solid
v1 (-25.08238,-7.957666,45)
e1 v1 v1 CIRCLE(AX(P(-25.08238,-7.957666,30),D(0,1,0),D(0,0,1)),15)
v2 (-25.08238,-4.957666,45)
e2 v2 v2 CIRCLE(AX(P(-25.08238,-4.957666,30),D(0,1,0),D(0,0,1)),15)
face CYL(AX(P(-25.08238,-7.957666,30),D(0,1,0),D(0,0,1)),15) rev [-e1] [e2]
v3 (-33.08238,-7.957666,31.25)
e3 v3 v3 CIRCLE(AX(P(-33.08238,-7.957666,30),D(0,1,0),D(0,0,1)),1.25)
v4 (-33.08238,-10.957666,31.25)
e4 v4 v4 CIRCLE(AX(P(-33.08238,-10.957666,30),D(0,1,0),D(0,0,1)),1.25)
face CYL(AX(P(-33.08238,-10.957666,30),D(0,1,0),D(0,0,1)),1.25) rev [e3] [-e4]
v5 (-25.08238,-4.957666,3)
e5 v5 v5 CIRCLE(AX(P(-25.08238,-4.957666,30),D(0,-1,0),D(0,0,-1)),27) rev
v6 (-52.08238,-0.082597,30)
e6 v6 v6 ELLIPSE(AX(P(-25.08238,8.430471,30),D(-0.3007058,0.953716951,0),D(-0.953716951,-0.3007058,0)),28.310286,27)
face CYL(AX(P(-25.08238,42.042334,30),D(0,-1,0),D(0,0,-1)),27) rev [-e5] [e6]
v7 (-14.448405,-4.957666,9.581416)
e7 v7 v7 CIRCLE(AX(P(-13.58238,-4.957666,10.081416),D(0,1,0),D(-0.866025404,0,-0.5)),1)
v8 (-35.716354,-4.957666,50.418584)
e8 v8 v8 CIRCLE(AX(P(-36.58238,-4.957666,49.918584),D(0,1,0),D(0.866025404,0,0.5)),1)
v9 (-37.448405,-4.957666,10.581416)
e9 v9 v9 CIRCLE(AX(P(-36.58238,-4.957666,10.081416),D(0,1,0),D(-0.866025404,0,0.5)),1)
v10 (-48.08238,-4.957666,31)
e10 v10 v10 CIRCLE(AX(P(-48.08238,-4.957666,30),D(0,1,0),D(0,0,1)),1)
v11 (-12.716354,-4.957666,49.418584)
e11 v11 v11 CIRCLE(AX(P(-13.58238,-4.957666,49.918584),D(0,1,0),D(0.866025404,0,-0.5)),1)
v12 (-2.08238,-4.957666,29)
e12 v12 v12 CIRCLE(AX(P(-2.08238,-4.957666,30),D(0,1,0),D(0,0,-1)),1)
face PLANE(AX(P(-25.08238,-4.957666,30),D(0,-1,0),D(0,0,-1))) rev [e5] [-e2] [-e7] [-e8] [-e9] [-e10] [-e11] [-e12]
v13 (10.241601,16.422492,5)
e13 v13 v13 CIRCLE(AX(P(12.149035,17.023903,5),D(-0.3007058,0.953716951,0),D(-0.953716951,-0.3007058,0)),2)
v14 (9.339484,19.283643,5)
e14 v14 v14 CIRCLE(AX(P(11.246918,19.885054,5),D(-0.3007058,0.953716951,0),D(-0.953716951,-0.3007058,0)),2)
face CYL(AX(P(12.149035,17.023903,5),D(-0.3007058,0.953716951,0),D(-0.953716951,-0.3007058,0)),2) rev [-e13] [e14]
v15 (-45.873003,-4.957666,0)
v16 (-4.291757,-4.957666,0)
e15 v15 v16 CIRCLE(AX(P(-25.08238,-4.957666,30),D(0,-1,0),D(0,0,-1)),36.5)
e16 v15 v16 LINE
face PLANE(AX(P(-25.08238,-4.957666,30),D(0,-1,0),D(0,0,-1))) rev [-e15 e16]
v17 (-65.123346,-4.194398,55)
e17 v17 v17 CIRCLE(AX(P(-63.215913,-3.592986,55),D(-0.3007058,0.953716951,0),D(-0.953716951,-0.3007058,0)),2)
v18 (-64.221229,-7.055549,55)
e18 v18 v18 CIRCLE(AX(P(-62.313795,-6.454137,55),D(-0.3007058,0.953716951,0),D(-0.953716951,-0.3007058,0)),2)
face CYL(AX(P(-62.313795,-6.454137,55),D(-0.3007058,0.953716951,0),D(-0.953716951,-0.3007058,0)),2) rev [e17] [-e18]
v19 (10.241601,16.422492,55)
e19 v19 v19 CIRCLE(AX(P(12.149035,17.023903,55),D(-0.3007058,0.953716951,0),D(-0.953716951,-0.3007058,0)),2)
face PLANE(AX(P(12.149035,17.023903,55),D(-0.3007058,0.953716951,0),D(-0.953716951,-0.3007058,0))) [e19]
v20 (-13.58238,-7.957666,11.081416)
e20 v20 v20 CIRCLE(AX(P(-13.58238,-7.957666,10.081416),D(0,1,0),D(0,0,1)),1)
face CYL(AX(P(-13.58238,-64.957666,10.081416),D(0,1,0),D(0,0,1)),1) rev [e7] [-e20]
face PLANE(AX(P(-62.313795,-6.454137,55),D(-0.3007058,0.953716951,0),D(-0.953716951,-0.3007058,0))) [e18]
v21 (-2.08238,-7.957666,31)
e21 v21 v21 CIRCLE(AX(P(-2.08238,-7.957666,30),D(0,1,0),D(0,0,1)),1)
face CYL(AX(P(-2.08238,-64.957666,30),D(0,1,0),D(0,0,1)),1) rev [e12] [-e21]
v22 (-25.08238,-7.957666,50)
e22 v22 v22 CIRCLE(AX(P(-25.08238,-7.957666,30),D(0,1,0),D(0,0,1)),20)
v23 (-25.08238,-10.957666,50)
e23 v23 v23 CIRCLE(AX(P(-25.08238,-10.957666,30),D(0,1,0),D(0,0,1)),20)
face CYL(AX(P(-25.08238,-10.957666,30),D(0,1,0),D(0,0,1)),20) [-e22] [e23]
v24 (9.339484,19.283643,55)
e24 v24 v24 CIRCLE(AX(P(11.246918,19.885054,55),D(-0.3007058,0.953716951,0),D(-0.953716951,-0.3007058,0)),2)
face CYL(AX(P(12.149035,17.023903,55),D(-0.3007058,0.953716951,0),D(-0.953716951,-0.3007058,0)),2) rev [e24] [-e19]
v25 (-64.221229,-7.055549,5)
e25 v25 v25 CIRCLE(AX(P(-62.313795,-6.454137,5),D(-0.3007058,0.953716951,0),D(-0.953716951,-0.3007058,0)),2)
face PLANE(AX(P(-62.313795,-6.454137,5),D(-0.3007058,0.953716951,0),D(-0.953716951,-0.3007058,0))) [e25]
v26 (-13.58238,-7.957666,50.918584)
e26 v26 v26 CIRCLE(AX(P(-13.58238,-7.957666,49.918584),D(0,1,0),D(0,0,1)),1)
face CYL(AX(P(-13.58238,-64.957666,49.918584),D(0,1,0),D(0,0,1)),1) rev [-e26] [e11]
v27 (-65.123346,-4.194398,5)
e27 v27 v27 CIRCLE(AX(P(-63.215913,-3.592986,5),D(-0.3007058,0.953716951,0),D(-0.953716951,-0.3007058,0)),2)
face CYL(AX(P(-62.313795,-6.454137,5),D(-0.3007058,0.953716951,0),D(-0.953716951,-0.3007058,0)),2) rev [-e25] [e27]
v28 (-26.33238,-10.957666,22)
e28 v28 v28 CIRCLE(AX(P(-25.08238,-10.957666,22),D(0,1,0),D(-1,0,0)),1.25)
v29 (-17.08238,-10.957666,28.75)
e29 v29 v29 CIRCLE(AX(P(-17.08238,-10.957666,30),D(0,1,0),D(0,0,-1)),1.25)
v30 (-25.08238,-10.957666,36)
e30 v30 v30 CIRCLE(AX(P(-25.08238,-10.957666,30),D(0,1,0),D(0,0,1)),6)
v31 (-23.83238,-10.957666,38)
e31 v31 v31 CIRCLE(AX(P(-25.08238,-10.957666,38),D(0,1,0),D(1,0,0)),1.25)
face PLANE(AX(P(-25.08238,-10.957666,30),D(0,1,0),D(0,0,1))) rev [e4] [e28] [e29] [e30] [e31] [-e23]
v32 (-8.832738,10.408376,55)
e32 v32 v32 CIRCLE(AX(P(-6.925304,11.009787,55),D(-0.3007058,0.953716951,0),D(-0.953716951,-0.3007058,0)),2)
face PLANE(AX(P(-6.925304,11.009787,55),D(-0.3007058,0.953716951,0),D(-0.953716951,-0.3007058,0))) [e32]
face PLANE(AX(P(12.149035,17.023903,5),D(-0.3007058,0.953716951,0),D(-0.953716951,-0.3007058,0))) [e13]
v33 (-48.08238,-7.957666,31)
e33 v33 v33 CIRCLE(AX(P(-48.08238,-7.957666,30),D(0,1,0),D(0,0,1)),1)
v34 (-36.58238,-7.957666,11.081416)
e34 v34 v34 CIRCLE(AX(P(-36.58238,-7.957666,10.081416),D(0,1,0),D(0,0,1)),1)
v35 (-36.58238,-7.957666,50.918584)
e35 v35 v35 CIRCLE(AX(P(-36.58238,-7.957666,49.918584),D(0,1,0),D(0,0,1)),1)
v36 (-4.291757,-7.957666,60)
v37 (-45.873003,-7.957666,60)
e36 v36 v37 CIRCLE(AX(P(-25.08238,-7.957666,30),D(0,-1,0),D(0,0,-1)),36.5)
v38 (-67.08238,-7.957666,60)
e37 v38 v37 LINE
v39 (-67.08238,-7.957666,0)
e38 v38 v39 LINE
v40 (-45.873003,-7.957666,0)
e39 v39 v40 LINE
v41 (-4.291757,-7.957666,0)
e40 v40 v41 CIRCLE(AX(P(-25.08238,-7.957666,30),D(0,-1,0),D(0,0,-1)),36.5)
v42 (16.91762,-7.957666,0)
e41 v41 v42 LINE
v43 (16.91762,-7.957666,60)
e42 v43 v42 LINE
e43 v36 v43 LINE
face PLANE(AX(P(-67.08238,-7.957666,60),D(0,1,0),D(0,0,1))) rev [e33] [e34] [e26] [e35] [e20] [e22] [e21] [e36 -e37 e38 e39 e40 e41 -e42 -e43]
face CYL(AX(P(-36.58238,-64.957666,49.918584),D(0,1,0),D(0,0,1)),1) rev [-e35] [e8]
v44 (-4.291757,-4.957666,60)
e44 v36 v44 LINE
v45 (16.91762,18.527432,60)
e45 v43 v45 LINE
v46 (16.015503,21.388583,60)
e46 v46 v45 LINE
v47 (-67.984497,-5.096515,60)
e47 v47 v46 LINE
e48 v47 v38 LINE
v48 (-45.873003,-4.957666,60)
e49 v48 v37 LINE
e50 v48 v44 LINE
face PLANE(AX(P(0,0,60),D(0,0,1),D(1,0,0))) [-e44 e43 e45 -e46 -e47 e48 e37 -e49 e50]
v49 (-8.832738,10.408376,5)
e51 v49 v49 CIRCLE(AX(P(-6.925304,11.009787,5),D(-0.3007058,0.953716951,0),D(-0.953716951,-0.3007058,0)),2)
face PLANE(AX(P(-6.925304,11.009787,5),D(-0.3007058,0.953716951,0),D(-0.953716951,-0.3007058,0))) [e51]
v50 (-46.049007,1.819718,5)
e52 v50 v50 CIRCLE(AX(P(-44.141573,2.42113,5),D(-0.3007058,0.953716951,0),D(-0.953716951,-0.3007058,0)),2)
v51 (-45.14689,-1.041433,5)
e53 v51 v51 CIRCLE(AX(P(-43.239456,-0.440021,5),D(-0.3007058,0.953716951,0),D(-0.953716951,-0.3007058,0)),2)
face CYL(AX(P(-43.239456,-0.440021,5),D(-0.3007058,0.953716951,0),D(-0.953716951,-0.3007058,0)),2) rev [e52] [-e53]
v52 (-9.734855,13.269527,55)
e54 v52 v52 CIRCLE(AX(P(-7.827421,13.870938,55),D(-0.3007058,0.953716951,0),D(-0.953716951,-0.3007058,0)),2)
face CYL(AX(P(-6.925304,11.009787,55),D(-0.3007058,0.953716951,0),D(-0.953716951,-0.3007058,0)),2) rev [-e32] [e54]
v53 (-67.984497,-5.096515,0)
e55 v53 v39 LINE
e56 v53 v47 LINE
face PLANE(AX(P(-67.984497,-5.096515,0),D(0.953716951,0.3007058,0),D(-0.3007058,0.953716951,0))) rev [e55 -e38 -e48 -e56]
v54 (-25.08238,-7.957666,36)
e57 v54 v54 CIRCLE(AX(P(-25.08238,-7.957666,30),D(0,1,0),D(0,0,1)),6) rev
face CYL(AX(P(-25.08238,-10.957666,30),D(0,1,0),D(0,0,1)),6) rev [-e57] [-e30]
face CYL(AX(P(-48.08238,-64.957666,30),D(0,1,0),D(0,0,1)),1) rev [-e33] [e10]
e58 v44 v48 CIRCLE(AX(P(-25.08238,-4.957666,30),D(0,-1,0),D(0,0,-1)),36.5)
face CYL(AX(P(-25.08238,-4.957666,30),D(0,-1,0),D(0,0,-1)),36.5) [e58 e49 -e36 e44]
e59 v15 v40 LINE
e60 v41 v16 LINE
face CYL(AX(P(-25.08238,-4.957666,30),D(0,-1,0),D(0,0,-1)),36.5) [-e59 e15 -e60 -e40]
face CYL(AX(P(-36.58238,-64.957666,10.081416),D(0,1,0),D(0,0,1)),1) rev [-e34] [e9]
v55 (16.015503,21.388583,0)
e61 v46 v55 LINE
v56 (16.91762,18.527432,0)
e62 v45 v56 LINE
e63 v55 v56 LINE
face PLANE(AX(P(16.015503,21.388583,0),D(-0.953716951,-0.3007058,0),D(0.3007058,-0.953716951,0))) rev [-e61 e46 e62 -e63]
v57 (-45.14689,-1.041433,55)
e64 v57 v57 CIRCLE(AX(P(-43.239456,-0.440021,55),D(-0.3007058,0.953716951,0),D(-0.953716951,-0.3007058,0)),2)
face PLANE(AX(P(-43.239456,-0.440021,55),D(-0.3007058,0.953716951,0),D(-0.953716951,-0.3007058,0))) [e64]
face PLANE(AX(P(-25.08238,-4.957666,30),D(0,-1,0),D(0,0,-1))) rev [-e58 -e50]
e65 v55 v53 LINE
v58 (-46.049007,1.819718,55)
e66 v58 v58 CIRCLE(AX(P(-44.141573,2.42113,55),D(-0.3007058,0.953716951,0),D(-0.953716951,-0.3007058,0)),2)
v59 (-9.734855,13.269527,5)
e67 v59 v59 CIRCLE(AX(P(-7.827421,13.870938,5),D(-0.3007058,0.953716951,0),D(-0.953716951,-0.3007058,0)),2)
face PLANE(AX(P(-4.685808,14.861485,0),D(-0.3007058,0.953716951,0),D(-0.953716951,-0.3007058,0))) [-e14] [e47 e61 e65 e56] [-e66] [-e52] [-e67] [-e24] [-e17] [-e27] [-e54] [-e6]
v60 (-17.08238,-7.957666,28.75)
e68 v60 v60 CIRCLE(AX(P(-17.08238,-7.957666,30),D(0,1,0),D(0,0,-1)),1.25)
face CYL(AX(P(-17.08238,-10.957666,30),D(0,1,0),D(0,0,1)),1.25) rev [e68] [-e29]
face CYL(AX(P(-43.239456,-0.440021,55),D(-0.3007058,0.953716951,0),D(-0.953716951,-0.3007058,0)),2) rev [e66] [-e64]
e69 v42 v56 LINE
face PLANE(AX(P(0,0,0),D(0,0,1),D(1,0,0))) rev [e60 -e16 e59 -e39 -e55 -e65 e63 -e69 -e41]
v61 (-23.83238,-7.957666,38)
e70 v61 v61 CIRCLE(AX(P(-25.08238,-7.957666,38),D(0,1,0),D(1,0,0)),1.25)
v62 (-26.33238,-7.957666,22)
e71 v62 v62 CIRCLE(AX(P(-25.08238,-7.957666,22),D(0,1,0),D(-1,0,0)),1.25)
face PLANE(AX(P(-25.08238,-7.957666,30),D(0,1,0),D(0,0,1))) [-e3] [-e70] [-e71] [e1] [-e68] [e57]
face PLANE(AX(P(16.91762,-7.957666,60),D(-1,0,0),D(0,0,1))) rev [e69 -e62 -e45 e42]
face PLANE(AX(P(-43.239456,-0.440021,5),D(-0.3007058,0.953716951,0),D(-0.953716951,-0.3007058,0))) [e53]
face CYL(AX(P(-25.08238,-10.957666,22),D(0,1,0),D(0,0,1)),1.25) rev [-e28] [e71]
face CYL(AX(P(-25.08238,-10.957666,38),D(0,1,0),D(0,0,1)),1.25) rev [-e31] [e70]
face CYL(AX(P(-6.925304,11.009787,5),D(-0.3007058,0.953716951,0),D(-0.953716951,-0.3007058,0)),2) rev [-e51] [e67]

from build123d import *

# Parameters (mm, degrees)
EXTRUDE_1_DEPTH          = 60
SKETCH_2_W               = 88.076446511
SKETCH_2_H               = 60
EXTRUDE_2_DEPTH          = 3
SKETCH_3_R               = 27
CUT_EXTRUDE_1_DEPTH      = 50
SKETCH_4_R               = 36.5
EXTRUDE_3_DEPTH          = 3
SKETCH_13_R              = 20
CUT_EXTRUDE_3_DEPTH      = 60
SKETCH_14_R              = 1
CUT_EXTRUDE_4_DEPTH      = 60
PATTERN_CIRCULAR_1_COUNT = 6
SKETCH_16_R              = 2
CUT_EXTRUDE_5_DEPTH      = 3
PATTERN_LINEAR_1_COUNT   = 2
PATTERN_LINEAR_1_PITCH   = 20
SKETCH_17_R              = 2
CUT_EXTRUDE_6_DEPTH      = 3
PATTERN_LINEAR_2_COUNT   = 2
PATTERN_LINEAR_2_PITCH   = 20
SKETCH_18_R              = 20
EXTRUDE_4_DEPTH          = 6
SKETCH_19_R              = 6
CUT_EXTRUDE_7_DEPTH      = 6
SKETCH_20_R              = 15
CUT_EXTRUDE_8_DEPTH      = 3
SKETCH_21_R              = 1.25
CUT_EXTRUDE_9_DEPTH      = 3
PATTERN_CIRCULAR_2_COUNT = 4


with BuildPart() as part:
    # 草图1 → 凸台-拉伸1 (new body)
    with BuildSketch(Plane.XY):
        Polygon((-67.082379863, -7.957665904), (16.917620137, -7.957665904), (16.917620137, 18.527432362), align=None)
    extrude(amount=EXTRUDE_1_DEPTH)

    # 草图2 → 凸台-拉伸2 (add)
    with BuildSketch(Plane(origin=(-3.783690806, 12.000334093, 0), x_dir=(0.9537169507482267, 0.30070579950427384, 0), z_dir=(-0.30070579950427384, 0.9537169507482267, 0))):
        with Locations((-22.332295804, -30)):
            Rectangle(SKETCH_2_W, SKETCH_2_H)
    extrude(amount=EXTRUDE_2_DEPTH)

    # 草图3 → 切除-拉伸1 (cut)
    with BuildSketch(Plane(origin=(0, -7.957665904, 0), x_dir=(-1, 0, 0), z_dir=(0, -1, 0))):
        with Locations(Location((25.082379863, -30, 0), (0, 0, 90))):
            Circle(SKETCH_3_R)
    extrude(amount=-CUT_EXTRUDE_1_DEPTH, mode=Mode.SUBTRACT)

    # 草图4 → 凸台-拉伸3 (add)
    with BuildSketch(Plane(origin=(0, -7.957665904, 0), x_dir=(-1, 0, 0), z_dir=(0, -1, 0))):
        with Locations((25.082379863, -30)):
            Circle(SKETCH_4_R)
    extrude(amount=-EXTRUDE_3_DEPTH)

    # 草图13 → 切除-拉伸3 (cut)
    with BuildSketch(Plane(origin=(0, -4.957665904, 0), x_dir=(1, 0, 0), z_dir=(0, 1, 0))):
        with Locations(Location((-25.082379863, -30, 0), (0, 0, 270))):
            Circle(SKETCH_13_R)
    extrude(amount=-CUT_EXTRUDE_3_DEPTH, mode=Mode.SUBTRACT)

    # 草图14 → 切除-拉伸4 (cut)
    with BuildSketch(Plane(origin=(0, -4.957665904, 0), x_dir=(1, 0, 0), z_dir=(0, 1, 0))):
        with Locations(Location((-48.082379863, -30, 0), (0, 0, 270))):
            Circle(SKETCH_14_R)
    cut_extrude_4 = extrude(amount=-CUT_EXTRUDE_4_DEPTH, mode=Mode.SUBTRACT)

    # 阵列(圆周)1: 切除-拉伸4 ×6 about axis
    pattern_circular_1_axis = Axis((-25.082379863, 0, 30), (0, 1, 0))
    for i in range(1, PATTERN_CIRCULAR_1_COUNT):
        add(cut_extrude_4.rotate(pattern_circular_1_axis, i * 360 / PATTERN_CIRCULAR_1_COUNT), mode=Mode.SUBTRACT)

    # 草图16 → 切除-拉伸5 (cut)
    with BuildSketch(Plane(origin=(-4.685808204, 14.861484946, 0), x_dir=(0.9537169507482267, 0.3007057995042738, 0), z_dir=(-0.3007057995042738, 0.9537169507482267, 0))):
        with Locations(Location((-61.370519059, -5, 0), (0, 0, 180))):
            Circle(SKETCH_16_R)
        with Locations(Location((-61.370519059, -55, 0), (0, 0, 180))):
            Circle(SKETCH_16_R)
    cut_extrude_5 = extrude(amount=-CUT_EXTRUDE_5_DEPTH, mode=Mode.SUBTRACT)

    # 阵列(线性)1: 切除-拉伸5 ×2
    with Locations(*[Vector(0.9537169507482268, 0.30070579950427384, 0) * (i * PATTERN_LINEAR_1_PITCH) for i in range(1, PATTERN_LINEAR_1_COUNT)]):
        add(cut_extrude_5, mode=Mode.SUBTRACT)

    # 草图17 → 切除-拉伸6 (cut)
    with BuildSketch(Plane(origin=(-4.685808204, 14.861484946, 0), x_dir=(0.9537169507482267, 0.3007057995042738, 0), z_dir=(-0.3007057995042738, 0.9537169507482267, 0))):
        with Locations(Location((16.705927452, -55, 0), (0, 0, 180))):
            Circle(SKETCH_17_R)
        with Locations(Location((16.705927452, -5, 0), (0, 0, 180))):
            Circle(SKETCH_17_R)
    cut_extrude_6 = extrude(amount=-CUT_EXTRUDE_6_DEPTH, mode=Mode.SUBTRACT)

    # 阵列(线性)2: 切除-拉伸6 ×2
    with Locations(*[Vector(-0.9537169507482268, -0.30070579950427384, 0) * (i * PATTERN_LINEAR_2_PITCH) for i in range(1, PATTERN_LINEAR_2_COUNT)]):
        add(cut_extrude_6, mode=Mode.SUBTRACT)

    # 草图18 → 凸台-拉伸4 (add)
    with BuildSketch(Plane(origin=(0, -4.957665904, 0), x_dir=(1, 0, 0), z_dir=(0, 1, 0))):
        with Locations(Location((-25.082379863, -30, 0), (0, 0, 270))):
            Circle(SKETCH_18_R)
    extrude(amount=-EXTRUDE_4_DEPTH)

    # 草图19 → 切除-拉伸7 (cut)
    with BuildSketch(Plane(origin=(0, -4.957665904, 0), x_dir=(1, 0, 0), z_dir=(0, 1, 0))):
        with Locations(Location((-25.082379863, -30, 0), (0, 0, 270))):
            Circle(SKETCH_19_R)
    extrude(amount=-CUT_EXTRUDE_7_DEPTH, mode=Mode.SUBTRACT)

    # 草图20 → 切除-拉伸8 (cut)
    with BuildSketch(Plane(origin=(0, -4.957665904, 0), x_dir=(1, 0, 0), z_dir=(0, 1, 0))):
        with Locations(Location((-25.082379863, -30, 0), (0, 0, 270))):
            Circle(SKETCH_20_R)
    extrude(amount=-CUT_EXTRUDE_8_DEPTH, mode=Mode.SUBTRACT)

    # 草图21 → 切除-拉伸9 (cut)
    with BuildSketch(Plane(origin=(0, -7.957665904, 0), x_dir=(1, 0, 0), z_dir=(0, 1, 0))):
        with Locations(Location((-33.082379863, -30, 0), (0, 0, 270))):
            Circle(SKETCH_21_R)
    cut_extrude_9 = extrude(amount=-CUT_EXTRUDE_9_DEPTH, mode=Mode.SUBTRACT)

    # 阵列(圆周)2: 切除-拉伸9 ×4 about axis
    pattern_circular_2_axis = Axis((-25.082379863, 0, 30), (0, 1, 0))
    for i in range(1, PATTERN_CIRCULAR_2_COUNT):
        add(cut_extrude_9.rotate(pattern_circular_2_axis, i * 360 / PATTERN_CIRCULAR_2_COUNT), mode=Mode.SUBTRACT)


solid = part.part
